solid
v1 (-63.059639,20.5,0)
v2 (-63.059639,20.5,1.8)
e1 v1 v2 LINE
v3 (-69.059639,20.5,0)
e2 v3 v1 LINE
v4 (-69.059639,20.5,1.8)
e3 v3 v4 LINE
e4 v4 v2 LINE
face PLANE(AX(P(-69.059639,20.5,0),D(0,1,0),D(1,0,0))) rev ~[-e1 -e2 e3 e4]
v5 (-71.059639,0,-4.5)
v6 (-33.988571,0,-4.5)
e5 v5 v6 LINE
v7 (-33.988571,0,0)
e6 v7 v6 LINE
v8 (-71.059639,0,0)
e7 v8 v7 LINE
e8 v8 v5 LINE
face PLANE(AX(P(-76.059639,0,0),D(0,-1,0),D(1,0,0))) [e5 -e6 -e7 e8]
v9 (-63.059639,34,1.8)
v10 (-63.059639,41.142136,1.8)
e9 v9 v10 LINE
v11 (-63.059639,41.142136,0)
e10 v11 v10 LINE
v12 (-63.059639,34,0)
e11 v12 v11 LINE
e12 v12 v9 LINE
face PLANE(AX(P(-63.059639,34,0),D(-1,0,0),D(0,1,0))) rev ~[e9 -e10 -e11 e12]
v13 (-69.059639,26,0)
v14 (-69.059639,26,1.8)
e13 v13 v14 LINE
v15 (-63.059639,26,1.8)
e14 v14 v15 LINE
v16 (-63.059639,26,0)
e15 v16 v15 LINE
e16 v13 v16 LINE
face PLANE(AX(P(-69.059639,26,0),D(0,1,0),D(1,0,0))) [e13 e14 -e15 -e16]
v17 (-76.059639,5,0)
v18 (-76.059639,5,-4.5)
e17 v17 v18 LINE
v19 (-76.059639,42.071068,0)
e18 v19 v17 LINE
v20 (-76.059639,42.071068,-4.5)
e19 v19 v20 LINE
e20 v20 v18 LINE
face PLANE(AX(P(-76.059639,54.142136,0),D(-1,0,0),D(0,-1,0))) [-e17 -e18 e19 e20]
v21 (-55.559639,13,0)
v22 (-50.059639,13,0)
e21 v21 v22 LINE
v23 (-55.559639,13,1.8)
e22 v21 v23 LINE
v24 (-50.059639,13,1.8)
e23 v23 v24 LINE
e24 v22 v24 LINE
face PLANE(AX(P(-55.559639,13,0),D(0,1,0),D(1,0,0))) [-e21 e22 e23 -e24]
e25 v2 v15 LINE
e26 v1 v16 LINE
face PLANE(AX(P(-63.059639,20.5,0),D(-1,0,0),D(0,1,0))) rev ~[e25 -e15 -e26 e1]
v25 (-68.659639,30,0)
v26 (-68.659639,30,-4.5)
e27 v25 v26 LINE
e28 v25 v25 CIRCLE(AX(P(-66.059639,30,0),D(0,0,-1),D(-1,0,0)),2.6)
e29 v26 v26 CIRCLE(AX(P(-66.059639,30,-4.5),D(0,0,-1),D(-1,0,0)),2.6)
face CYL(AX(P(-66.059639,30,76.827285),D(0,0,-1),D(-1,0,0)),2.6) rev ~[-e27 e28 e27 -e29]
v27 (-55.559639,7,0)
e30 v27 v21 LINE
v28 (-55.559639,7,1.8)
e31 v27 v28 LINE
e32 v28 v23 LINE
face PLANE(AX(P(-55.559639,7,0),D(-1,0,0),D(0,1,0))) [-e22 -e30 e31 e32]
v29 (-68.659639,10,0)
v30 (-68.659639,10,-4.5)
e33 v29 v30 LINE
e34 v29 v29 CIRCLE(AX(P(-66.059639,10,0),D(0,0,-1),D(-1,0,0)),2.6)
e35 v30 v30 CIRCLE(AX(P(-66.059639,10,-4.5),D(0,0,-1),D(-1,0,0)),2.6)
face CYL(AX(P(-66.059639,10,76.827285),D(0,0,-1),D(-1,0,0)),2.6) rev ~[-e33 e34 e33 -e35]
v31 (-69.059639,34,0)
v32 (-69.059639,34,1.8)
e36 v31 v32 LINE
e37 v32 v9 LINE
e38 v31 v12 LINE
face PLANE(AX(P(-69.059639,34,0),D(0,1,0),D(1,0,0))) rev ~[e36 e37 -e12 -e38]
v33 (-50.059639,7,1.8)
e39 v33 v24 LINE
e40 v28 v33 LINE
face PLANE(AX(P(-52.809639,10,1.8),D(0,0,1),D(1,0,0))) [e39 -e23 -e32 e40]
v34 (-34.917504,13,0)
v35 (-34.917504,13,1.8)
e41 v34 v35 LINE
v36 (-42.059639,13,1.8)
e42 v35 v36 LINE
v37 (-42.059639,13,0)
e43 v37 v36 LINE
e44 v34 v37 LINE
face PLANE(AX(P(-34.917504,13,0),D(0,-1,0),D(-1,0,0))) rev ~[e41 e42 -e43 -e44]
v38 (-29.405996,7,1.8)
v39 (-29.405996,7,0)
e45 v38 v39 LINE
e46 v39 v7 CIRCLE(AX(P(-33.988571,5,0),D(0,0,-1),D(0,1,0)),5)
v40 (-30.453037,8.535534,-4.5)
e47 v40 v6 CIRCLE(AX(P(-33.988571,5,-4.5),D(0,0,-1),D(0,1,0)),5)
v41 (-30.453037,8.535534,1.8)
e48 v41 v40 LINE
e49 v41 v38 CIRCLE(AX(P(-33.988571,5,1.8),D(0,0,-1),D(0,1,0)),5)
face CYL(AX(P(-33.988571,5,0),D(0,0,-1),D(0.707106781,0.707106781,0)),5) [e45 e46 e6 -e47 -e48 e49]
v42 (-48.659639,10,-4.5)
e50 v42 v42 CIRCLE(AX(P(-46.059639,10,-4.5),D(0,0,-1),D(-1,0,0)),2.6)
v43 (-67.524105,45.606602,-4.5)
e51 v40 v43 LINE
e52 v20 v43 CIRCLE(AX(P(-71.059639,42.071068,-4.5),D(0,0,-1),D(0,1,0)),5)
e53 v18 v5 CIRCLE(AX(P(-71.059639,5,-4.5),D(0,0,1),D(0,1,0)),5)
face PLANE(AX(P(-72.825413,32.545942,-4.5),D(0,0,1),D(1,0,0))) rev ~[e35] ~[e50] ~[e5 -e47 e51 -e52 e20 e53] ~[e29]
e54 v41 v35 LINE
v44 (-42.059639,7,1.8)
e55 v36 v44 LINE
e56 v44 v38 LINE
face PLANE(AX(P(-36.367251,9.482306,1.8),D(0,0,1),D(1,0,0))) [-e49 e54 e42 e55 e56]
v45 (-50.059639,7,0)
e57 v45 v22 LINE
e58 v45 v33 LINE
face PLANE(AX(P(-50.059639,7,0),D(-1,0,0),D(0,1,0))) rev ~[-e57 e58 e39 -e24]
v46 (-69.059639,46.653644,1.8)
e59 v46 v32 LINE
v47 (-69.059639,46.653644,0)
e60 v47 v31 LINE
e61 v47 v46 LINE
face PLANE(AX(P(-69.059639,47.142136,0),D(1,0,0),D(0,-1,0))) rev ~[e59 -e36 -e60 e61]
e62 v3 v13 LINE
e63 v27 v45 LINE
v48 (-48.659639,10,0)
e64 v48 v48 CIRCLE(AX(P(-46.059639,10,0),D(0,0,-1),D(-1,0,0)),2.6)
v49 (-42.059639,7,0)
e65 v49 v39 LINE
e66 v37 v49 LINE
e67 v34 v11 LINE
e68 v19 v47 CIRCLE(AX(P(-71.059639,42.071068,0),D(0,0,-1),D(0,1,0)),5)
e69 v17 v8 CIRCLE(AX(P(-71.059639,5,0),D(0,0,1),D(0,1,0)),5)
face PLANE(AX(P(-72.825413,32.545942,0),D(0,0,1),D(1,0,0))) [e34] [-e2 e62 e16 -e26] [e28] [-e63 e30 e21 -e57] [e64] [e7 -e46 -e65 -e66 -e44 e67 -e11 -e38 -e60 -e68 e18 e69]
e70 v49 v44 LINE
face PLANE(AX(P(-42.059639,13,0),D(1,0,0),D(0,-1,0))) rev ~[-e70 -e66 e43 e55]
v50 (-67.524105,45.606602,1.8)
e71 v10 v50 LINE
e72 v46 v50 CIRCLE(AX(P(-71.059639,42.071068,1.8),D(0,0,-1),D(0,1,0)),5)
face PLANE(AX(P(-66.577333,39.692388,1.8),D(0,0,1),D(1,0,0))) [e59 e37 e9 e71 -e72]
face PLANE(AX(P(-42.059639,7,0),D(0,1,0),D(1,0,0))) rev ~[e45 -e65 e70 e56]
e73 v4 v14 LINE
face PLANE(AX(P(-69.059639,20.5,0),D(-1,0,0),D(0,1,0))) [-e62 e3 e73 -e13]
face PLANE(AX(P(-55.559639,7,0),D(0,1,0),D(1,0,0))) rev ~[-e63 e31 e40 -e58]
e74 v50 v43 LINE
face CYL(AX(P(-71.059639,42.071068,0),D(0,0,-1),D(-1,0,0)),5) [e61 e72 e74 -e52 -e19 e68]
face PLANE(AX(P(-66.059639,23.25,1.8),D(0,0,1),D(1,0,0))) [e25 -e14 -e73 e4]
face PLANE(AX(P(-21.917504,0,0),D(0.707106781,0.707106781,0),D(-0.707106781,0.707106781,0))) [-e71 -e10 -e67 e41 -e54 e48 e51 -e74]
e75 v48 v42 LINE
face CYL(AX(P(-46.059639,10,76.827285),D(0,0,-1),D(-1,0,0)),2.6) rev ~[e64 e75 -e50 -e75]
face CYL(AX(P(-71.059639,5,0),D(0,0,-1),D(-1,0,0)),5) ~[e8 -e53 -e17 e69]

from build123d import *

# Parameters (mm, degrees)
F0_W     = 6
F0_H     = 8
F0_H_2   = 5.5
F0_H_3   = 7.5
F0_W_2   = 7
F0_H_4   = 6
F0_W_3   = 7.5
F0_W_4   = 5.5
F0_W_5   = 8
F0_H_5   = 7
F1_DEPTH = 4.5
F2_DEPTH = 1.8
F3_D     = 5.2
F4_R     = 5


with BuildPart() as f1:
    # F0 (on Top) → F1 (new body)
    with BuildSketch(Plane.XY):
        Polygon((-69.0596391448, 47.1421356237), (-76.0596391448, 54.1421356237), (-76.0596391448, 13), (-69.0596391448, 13), (-69.0596391448, 20.5), (-69.0596391448, 26), (-69.0596391448, 34), align=None)
        Polygon((-63.0596391448, 41.1421356237), (-69.0596391448, 47.1421356237), (-69.0596391448, 34), (-63.0596391448, 34), align=None)
        with Locations((-66.0596391448, 30)):
            Rectangle(F0_W, F0_H)
        with Locations((-66.0596391448, 23.25)):
            Rectangle(F0_W, F0_H_2)
        with Locations((-66.0596391448, 16.75)):
            Rectangle(F0_W, F0_H_3)
        Polygon((-34.9175035211, 13), (-63.0596391448, 41.1421356237), (-63.0596391448, 34), (-63.0596391448, 26), (-63.0596391448, 20.5), (-63.0596391448, 13), (-55.5596391448, 13), (-50.0596391448, 13), (-42.0596391448, 13), align=None)
        with Locations((-72.5596391448, 10)):
            Rectangle(F0_W_2, F0_H_4)
        with Locations((-66.0596391448, 10)):
            Rectangle(F0_W, F0_H_4)
        with Locations((-59.3096391448, 10)):
            Rectangle(F0_W_3, F0_H_4)
        with Locations((-52.8096391448, 10)):
            Rectangle(F0_W_4, F0_H_4)
        with Locations((-46.0596391448, 10)):
            Rectangle(F0_W_5, F0_H_4)
        Polygon((-28.9175035211, 7), (-34.9175035211, 13), (-42.0596391448, 13), (-42.0596391448, 7), align=None)
        Polygon((-55.5596391448, 7), (-63.0596391448, 7), (-63.0596391448, 0), (-21.9175035211, 0), (-28.9175035211, 7), (-42.0596391448, 7), (-50.0596391448, 7), align=None)
        with Locations((-66.0596391448, 3.5)):
            Rectangle(F0_W, F0_H_5)
        with Locations((-72.5596391448, 3.5)):
            Rectangle(F0_W_2, F0_H_5)
    extrude(amount=-F1_DEPTH)

    # F0 (on Top) → F2 (join)
    with BuildSketch(Plane.XY):
        Polygon((-63.0596391448, 41.1421356237), (-69.0596391448, 47.1421356237), (-69.0596391448, 34), (-63.0596391448, 34), align=None)
        with Locations((-66.0596391448, 23.25)):
            Rectangle(F0_W, F0_H_2)
        with Locations((-52.8096391448, 10)):
            Rectangle(F0_W_4, F0_H_4)
        Polygon((-28.9175035211, 7), (-34.9175035211, 13), (-42.0596391448, 13), (-42.0596391448, 7), align=None)
    extrude(amount=F2_DEPTH)

    # F3 (through all)
    with Locations(Plane.XY):
        with Locations((-66.0596391448, 30), (-66.0596391448, 10), (-46.0596391448, 10)):
            Hole(F3_D / 2)

    # F4
    f4_edges = [f1.edges().sort_by_distance(p)[0] for p in [
        (-21.917504, 0, -2.25),
        (-76.059639, 0, -2.25),
        (-76.059639, 54.142136, -2.25),
    ]]
    fillet(f4_edges, radius=F4_R)


solid = f1.part
